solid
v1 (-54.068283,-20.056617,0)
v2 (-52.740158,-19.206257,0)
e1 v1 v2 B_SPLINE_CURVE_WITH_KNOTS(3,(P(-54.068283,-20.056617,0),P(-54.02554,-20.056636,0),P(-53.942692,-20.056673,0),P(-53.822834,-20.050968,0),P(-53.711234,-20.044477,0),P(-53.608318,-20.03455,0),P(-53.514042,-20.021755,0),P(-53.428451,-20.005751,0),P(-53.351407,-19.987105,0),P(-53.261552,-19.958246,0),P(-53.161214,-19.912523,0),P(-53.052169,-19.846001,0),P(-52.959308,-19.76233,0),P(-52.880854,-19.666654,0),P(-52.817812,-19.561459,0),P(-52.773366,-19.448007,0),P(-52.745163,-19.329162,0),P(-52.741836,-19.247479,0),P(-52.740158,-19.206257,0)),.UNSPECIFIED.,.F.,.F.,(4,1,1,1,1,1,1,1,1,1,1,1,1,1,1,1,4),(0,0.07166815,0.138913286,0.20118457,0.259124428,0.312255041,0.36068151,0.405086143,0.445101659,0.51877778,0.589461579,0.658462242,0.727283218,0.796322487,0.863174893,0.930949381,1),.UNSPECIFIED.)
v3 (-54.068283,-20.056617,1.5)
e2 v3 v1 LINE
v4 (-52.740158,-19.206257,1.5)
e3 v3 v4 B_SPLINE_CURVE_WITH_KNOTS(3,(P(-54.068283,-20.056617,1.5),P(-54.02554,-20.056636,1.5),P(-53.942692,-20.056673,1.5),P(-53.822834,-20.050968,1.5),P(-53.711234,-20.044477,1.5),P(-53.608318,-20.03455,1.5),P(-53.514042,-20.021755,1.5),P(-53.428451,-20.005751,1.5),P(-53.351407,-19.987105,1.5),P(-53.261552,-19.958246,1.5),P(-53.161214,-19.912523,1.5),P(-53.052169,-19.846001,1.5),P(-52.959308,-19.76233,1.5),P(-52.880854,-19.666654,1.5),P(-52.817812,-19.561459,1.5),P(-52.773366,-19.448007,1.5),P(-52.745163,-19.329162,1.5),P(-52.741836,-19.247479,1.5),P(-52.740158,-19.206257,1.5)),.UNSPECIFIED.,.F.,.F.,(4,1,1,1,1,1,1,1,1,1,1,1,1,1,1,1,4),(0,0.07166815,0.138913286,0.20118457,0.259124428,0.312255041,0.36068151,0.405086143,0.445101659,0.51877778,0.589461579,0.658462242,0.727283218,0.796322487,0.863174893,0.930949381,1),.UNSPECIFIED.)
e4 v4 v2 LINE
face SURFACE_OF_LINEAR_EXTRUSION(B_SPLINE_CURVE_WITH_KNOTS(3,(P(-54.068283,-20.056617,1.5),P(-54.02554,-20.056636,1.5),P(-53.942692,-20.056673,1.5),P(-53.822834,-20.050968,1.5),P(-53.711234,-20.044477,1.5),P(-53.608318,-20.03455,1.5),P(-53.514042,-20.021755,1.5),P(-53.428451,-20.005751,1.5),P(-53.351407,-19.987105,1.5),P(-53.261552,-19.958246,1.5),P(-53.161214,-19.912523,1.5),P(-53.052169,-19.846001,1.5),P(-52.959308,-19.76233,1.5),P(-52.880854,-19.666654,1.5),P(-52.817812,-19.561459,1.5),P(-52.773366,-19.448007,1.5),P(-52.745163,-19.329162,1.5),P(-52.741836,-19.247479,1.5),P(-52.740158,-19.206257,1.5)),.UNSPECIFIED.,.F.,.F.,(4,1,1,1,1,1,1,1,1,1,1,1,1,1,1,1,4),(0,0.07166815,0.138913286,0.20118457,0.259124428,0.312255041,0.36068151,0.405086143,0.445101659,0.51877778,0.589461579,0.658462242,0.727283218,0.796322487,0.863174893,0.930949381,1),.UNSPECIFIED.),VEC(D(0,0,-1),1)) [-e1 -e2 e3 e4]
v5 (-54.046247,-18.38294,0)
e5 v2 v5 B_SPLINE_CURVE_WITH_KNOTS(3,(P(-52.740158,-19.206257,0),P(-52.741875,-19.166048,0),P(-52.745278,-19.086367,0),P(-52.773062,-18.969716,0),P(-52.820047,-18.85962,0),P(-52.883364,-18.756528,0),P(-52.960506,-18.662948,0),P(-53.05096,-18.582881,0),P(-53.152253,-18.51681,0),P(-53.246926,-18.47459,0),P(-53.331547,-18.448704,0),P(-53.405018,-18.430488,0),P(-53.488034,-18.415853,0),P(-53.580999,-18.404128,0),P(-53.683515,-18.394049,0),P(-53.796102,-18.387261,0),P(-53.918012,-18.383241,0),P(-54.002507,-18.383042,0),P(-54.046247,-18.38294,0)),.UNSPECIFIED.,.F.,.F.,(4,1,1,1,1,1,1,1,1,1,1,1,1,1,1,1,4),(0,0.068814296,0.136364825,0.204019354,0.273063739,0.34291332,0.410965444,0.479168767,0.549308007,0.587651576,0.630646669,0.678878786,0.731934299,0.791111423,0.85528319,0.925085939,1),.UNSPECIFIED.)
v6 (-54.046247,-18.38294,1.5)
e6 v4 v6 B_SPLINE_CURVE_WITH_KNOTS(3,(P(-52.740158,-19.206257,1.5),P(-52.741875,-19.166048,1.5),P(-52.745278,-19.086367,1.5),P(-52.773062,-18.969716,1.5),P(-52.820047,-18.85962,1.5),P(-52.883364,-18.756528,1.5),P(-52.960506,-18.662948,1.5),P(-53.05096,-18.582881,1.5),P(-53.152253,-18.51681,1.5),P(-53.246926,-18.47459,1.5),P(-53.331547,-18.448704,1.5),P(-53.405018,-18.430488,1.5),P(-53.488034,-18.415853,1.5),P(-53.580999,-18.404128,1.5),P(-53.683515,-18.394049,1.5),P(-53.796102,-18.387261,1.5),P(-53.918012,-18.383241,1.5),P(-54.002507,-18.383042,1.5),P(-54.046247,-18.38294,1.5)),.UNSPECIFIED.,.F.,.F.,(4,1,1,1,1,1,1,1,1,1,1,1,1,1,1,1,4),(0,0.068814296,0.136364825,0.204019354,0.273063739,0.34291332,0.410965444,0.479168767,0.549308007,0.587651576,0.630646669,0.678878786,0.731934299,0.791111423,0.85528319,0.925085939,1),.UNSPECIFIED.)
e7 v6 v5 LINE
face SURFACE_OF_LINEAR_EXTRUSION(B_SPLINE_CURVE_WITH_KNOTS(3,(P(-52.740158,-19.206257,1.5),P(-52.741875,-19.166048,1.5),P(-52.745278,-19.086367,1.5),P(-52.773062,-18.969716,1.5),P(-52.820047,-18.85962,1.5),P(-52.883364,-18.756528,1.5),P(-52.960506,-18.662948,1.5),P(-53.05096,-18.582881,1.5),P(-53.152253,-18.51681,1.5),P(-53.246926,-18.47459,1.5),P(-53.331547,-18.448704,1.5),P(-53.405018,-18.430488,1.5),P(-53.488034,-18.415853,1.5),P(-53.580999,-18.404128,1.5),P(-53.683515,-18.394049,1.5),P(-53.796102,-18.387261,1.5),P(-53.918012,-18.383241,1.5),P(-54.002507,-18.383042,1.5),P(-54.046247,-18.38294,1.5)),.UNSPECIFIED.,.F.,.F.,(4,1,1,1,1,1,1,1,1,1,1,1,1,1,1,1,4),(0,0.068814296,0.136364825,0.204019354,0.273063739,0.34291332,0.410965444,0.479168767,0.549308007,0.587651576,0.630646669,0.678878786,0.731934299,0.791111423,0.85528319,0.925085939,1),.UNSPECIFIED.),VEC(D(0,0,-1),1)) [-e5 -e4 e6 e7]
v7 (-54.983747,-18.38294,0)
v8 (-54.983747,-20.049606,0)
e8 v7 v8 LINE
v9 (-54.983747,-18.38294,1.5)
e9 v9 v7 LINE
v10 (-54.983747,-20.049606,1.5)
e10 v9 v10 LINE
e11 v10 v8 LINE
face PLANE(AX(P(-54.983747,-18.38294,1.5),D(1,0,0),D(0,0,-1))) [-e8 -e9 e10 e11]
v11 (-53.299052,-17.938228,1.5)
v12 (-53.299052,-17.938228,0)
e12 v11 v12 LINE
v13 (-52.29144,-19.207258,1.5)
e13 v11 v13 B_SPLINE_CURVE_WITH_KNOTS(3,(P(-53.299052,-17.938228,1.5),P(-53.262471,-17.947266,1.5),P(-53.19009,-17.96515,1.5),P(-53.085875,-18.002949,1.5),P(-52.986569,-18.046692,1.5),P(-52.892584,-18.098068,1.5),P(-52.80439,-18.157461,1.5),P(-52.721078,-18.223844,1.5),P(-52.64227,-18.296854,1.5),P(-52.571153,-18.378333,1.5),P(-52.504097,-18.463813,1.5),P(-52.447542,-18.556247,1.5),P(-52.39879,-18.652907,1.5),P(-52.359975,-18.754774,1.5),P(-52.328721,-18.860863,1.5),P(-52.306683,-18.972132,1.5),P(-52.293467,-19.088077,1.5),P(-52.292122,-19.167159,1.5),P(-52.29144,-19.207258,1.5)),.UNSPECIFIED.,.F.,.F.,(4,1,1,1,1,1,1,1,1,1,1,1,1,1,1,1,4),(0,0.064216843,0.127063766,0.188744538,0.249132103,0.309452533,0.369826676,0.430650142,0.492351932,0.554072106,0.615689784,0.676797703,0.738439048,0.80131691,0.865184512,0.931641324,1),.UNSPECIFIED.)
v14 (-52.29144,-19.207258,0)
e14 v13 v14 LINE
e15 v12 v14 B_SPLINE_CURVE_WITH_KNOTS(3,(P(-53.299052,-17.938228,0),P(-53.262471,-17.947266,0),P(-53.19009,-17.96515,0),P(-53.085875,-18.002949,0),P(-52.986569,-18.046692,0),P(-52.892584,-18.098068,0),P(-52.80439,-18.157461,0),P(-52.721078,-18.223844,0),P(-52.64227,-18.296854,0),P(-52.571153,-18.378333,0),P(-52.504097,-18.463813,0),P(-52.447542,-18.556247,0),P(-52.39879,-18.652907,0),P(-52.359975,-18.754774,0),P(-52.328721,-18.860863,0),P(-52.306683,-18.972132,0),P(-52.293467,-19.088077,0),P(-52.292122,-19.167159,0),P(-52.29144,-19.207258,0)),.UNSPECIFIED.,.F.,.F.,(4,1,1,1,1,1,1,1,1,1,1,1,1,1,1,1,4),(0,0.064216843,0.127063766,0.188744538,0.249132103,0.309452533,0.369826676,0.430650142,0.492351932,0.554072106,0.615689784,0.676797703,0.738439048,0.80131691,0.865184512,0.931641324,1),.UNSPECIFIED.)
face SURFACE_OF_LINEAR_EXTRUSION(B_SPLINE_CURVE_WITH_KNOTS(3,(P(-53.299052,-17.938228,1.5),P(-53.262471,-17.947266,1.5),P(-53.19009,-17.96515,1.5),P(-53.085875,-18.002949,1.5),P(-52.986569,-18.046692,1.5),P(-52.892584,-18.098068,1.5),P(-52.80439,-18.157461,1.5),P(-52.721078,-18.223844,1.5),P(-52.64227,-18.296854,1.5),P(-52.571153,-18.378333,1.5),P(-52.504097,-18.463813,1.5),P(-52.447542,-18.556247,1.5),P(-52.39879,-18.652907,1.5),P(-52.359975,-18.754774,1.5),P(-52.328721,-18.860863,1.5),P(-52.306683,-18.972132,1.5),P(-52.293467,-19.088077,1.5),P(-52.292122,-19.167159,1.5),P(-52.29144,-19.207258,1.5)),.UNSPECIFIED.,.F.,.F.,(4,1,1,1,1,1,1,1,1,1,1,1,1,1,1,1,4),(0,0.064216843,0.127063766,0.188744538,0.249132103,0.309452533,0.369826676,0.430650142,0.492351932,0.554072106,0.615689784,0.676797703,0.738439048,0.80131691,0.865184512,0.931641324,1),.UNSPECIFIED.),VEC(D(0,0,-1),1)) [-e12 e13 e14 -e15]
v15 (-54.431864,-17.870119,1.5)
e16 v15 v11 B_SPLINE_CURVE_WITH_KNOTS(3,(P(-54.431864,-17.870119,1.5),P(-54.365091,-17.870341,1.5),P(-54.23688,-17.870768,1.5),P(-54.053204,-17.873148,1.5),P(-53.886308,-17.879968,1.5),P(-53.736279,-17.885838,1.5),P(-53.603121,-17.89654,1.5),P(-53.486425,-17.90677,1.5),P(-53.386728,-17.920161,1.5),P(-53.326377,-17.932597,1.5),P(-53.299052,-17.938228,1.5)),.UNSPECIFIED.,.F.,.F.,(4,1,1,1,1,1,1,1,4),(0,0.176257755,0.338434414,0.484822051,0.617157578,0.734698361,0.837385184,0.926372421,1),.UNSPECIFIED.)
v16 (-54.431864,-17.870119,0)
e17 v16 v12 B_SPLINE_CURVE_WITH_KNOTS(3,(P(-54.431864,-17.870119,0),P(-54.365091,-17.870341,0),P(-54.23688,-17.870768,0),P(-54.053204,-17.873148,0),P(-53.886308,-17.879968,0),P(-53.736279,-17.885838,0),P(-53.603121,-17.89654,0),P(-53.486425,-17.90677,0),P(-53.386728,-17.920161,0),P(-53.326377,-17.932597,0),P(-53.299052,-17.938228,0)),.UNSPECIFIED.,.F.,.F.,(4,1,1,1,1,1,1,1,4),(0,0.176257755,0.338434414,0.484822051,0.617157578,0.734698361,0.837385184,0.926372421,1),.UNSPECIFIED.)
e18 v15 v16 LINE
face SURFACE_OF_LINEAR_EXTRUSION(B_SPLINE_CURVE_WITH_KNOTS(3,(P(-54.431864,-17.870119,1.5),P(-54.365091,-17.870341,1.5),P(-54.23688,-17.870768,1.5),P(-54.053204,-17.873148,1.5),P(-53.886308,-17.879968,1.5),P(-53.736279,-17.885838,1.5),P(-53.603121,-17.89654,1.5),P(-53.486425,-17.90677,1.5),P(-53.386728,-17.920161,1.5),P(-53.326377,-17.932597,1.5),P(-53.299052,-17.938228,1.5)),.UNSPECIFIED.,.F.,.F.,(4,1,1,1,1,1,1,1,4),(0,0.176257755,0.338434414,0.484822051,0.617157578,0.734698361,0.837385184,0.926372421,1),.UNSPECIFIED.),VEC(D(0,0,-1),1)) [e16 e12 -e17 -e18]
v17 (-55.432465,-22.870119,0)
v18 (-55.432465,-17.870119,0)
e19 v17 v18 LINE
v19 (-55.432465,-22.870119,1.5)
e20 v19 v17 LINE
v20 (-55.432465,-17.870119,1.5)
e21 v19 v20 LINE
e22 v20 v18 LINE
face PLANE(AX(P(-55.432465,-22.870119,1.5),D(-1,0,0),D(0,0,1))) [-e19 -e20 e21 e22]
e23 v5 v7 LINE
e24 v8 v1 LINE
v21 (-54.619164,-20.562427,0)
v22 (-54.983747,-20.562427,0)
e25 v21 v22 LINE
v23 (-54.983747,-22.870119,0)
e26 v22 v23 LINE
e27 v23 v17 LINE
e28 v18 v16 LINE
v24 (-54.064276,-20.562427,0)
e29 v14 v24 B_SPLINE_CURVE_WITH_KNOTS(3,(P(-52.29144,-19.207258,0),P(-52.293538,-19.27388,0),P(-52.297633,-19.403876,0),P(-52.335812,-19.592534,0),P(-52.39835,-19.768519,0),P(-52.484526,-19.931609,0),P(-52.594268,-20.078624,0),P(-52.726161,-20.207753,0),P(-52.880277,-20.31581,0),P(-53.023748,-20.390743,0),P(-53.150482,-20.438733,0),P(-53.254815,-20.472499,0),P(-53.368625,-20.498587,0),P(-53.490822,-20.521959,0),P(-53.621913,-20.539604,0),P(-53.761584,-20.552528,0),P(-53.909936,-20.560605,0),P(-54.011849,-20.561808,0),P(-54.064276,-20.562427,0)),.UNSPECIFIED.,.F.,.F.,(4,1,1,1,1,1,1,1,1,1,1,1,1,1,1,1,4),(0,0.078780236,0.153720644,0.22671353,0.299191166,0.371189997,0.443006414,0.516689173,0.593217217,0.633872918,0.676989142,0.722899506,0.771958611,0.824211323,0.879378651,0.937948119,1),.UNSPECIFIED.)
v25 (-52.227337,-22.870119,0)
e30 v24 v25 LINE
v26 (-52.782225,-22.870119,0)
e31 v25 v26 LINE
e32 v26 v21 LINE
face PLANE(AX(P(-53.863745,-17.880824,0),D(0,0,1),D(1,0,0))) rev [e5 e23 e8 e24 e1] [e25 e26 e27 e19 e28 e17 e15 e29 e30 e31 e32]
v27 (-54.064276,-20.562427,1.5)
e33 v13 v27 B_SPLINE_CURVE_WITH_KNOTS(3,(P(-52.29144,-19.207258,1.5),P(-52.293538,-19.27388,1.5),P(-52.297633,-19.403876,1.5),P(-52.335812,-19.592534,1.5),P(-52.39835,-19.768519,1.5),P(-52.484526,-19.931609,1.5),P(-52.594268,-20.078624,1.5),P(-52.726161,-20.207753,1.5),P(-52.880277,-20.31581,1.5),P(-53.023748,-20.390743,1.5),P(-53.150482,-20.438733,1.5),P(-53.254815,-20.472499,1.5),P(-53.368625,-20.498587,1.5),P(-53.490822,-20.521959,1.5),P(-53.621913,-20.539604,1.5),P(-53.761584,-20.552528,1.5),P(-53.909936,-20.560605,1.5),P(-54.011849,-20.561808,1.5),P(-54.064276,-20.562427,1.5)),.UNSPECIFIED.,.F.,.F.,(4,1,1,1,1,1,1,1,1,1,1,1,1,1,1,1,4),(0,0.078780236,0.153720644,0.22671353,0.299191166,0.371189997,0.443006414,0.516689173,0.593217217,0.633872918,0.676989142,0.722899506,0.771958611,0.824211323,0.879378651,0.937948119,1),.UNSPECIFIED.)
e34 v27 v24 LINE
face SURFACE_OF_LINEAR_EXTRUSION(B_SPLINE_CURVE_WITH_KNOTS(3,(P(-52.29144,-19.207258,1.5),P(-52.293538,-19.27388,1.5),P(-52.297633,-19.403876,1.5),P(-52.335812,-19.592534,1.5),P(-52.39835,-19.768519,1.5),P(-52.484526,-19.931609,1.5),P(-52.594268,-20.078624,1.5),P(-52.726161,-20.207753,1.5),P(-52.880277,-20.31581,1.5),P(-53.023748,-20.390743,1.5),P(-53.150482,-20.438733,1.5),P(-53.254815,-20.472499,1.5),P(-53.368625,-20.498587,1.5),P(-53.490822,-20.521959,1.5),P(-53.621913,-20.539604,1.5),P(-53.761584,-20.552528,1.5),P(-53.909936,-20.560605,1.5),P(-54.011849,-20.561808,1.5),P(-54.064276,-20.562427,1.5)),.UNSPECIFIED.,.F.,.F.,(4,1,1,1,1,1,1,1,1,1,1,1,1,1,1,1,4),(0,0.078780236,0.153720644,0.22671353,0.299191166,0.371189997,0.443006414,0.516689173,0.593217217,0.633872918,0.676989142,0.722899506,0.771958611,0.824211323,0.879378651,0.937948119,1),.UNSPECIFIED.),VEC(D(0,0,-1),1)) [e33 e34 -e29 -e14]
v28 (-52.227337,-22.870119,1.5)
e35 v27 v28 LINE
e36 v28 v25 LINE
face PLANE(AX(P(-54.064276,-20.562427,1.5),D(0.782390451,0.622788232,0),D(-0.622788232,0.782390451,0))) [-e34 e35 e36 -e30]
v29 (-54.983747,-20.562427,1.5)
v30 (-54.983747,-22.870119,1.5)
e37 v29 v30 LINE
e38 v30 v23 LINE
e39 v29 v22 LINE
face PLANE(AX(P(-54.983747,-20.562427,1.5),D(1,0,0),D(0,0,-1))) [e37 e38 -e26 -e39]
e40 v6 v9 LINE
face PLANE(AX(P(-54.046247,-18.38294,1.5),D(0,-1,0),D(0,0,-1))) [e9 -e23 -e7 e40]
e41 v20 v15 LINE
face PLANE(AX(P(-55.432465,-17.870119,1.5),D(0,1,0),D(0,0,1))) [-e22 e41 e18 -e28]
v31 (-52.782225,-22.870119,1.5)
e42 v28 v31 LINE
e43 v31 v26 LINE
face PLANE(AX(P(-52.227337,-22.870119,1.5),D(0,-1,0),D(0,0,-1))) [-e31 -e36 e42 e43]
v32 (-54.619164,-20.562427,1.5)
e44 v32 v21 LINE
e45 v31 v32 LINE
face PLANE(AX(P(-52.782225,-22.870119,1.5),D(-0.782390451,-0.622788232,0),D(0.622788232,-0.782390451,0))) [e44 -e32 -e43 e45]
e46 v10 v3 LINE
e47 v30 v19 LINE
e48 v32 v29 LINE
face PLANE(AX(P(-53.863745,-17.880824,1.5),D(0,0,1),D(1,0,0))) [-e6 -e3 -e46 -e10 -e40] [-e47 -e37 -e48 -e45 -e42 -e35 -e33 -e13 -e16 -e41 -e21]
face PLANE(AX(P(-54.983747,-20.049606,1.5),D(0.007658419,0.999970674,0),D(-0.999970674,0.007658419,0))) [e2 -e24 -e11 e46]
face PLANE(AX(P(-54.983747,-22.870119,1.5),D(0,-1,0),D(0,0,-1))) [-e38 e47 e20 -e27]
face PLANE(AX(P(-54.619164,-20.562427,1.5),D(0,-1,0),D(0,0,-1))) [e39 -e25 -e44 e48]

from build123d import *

# Parameters (mm, degrees)
BOSS_EXTRU_1_DEPTH = 1.5


with BuildPart() as part:
    # Esquisse1 → Boss.-Extru.1 (new body)
    with BuildSketch(Plane.XY):
        with BuildLine():
            Line((-55.432465326, -17.870119076), (-54.431864364, -17.870119076))
            add(Edge.make_bspline(
                [(-54.431864364, -17.870119076), (-54.365091324, -17.870341342), (-54.236879689, -17.870768117), (-54.053203588, -17.873147778), (-53.886307735, -17.879968286), (-53.736279393, -17.885837691), (-53.603121315, -17.896540464), (-53.486425185, -17.90676996), (-53.386728475, -17.920160904), (-53.326377258, -17.932597223), (-53.299051864, -17.938228051)],
                knots=[0, 0, 0, 0, 1.410062039, 2.707475311, 3.878576406, 4.937260626, 5.877586885, 6.699081471, 7.410979367, 8, 8, 8, 8], degree=3))
            add(Edge.make_bspline(
                [(-53.299051864, -17.938228051), (-53.262470973, -17.947266287), (-53.190089559, -17.965149949), (-53.085875179, -18.002949379), (-52.986569002, -18.0466917), (-52.892583539, -18.098068443), (-52.804389551, -18.157460986), (-52.721077679, -18.223844018), (-52.642269874, -18.296854312), (-52.571153259, -18.378332657), (-52.504097471, -18.463813385), (-52.447542291, -18.556247323), (-52.398790177, -18.652906648), (-52.359975152, -18.754774388), (-52.328720905, -18.860862633), (-52.30668342, -18.972132343), (-52.293467437, -19.088076593), (-52.292121929, -19.16715932), (-52.291439685, -19.207258499)],
                knots=[0, 0, 0, 0, 1.027469482, 2.033020251, 3.019912614, 3.986113645, 4.951240523, 5.91722682, 6.890402269, 7.87763091, 8.8651537, 9.85103654, 10.82876324, 11.815024772, 12.821070561, 13.842952187, 14.906261191, 16, 16, 16, 16], degree=3))
            add(Edge.make_bspline(
                [(-52.291439685, -19.207258499), (-52.293538254, -19.273880077), (-52.297633105, -19.403876031), (-52.335811824, -19.592534433), (-52.39834971, -19.768519169), (-52.484525837, -19.931608651), (-52.594267945, -20.078623859), (-52.726160504, -20.207753081), (-52.880277091, -20.315810099), (-53.023747543, -20.390742677), (-53.150482114, -20.438732547), (-53.254815418, -20.472498773), (-53.368625386, -20.498587295), (-53.490821578, -20.521958912), (-53.621912514, -20.53960419), (-53.761583999, -20.552527896), (-53.909935644, -20.560605109), (-54.011848601, -20.561807973), (-54.064276223, -20.562426769)],
                knots=[0, 0, 0, 0, 1.260483769, 2.459530307, 3.627416485, 4.787058657, 5.939039949, 7.08810263, 8.267026773, 9.491475466, 10.141966685, 10.831826277, 11.566392101, 12.351337768, 13.187381173, 14.07005841, 15.007169909, 16, 16, 16, 16], degree=3))
            Line((-54.064276223, -20.562426769), (-52.227337121, -22.870119076))
            Line((-52.227337121, -22.870119076), (-52.782224941, -22.870119076))
            Line((-52.782224941, -22.870119076), (-54.619164044, -20.562426769))
            Line((-54.619164044, -20.562426769), (-54.983747377, -20.562426769))
            Line((-54.983747377, -20.562426769), (-54.983747377, -22.870119076))
            Line((-54.983747377, -22.870119076), (-55.432465326, -22.870119076))
            Line((-55.432465326, -22.870119076), (-55.432465326, -17.870119076))
        make_face()
        with BuildLine():
            Line((-54.983747377, -18.382939589), (-54.983747377, -20.049606256))
            Line((-54.983747377, -20.049606256), (-54.068282634, -20.056617474))
            add(Edge.make_bspline(
                [(-54.068282634, -20.056617474), (-54.025539721, -20.056636383), (-53.942691782, -20.056673035), (-53.822833689, -20.050967641), (-53.71123353, -20.044477186), (-53.60831817, -20.034549549), (-53.514041634, -20.021755161), (-53.428451043, -20.005750898), (-53.351406683, -19.987105094), (-53.261551628, -19.958245629), (-53.161213727, -19.912522746), (-53.052168784, -19.846000605), (-52.959308301, -19.762330434), (-52.880854212, -19.666654069), (-52.817812167, -19.561459427), (-52.773366375, -19.448007471), (-52.745162886, -19.329162331), (-52.741836393, -19.24747932), (-52.740157634, -19.206256897)],
                knots=[0, 0, 0, 0, 1.146690395, 2.22261258, 3.21895312, 4.145990853, 4.996080663, 5.770904154, 6.481378293, 7.121626537, 8.300444488, 9.431385265, 10.535395872, 11.636531494, 12.74115979, 13.810798291, 14.895190096, 16, 16, 16, 16], degree=3))
            add(Edge.make_bspline(
                [(-52.740157634, -19.206256897), (-52.741874949, -19.166047506), (-52.745278043, -19.086367165), (-52.773061998, -18.969715864), (-52.820046828, -18.859620221), (-52.883364311, -18.7565281), (-52.960505961, -18.662948477), (-53.050959979, -18.582881116), (-53.152253115, -18.516810452), (-53.246926256, -18.474589908), (-53.331546559, -18.448704404), (-53.405017502, -18.430488455), (-53.488033899, -18.4158535), (-53.58099884, -18.404127698), (-53.683515455, -18.394049207), (-53.796102099, -18.387260951), (-53.918011786, -18.383241146), (-54.002507402, -18.383042447), (-54.046247377, -18.382939589)],
                knots=[0, 0, 0, 0, 1.101028733, 2.181837193, 3.264309656, 4.369019818, 5.486613113, 6.575447106, 7.666700264, 8.788928104, 9.402425223, 10.0903467, 10.862060571, 11.710948788, 12.657782767, 13.684531032, 14.801375019, 16, 16, 16, 16], degree=3))
            Line((-54.046247377, -18.382939589), (-54.983747377, -18.382939589))
        make_face(mode=Mode.SUBTRACT)
    extrude(amount=BOSS_EXTRU_1_DEPTH)


solid = part.part
